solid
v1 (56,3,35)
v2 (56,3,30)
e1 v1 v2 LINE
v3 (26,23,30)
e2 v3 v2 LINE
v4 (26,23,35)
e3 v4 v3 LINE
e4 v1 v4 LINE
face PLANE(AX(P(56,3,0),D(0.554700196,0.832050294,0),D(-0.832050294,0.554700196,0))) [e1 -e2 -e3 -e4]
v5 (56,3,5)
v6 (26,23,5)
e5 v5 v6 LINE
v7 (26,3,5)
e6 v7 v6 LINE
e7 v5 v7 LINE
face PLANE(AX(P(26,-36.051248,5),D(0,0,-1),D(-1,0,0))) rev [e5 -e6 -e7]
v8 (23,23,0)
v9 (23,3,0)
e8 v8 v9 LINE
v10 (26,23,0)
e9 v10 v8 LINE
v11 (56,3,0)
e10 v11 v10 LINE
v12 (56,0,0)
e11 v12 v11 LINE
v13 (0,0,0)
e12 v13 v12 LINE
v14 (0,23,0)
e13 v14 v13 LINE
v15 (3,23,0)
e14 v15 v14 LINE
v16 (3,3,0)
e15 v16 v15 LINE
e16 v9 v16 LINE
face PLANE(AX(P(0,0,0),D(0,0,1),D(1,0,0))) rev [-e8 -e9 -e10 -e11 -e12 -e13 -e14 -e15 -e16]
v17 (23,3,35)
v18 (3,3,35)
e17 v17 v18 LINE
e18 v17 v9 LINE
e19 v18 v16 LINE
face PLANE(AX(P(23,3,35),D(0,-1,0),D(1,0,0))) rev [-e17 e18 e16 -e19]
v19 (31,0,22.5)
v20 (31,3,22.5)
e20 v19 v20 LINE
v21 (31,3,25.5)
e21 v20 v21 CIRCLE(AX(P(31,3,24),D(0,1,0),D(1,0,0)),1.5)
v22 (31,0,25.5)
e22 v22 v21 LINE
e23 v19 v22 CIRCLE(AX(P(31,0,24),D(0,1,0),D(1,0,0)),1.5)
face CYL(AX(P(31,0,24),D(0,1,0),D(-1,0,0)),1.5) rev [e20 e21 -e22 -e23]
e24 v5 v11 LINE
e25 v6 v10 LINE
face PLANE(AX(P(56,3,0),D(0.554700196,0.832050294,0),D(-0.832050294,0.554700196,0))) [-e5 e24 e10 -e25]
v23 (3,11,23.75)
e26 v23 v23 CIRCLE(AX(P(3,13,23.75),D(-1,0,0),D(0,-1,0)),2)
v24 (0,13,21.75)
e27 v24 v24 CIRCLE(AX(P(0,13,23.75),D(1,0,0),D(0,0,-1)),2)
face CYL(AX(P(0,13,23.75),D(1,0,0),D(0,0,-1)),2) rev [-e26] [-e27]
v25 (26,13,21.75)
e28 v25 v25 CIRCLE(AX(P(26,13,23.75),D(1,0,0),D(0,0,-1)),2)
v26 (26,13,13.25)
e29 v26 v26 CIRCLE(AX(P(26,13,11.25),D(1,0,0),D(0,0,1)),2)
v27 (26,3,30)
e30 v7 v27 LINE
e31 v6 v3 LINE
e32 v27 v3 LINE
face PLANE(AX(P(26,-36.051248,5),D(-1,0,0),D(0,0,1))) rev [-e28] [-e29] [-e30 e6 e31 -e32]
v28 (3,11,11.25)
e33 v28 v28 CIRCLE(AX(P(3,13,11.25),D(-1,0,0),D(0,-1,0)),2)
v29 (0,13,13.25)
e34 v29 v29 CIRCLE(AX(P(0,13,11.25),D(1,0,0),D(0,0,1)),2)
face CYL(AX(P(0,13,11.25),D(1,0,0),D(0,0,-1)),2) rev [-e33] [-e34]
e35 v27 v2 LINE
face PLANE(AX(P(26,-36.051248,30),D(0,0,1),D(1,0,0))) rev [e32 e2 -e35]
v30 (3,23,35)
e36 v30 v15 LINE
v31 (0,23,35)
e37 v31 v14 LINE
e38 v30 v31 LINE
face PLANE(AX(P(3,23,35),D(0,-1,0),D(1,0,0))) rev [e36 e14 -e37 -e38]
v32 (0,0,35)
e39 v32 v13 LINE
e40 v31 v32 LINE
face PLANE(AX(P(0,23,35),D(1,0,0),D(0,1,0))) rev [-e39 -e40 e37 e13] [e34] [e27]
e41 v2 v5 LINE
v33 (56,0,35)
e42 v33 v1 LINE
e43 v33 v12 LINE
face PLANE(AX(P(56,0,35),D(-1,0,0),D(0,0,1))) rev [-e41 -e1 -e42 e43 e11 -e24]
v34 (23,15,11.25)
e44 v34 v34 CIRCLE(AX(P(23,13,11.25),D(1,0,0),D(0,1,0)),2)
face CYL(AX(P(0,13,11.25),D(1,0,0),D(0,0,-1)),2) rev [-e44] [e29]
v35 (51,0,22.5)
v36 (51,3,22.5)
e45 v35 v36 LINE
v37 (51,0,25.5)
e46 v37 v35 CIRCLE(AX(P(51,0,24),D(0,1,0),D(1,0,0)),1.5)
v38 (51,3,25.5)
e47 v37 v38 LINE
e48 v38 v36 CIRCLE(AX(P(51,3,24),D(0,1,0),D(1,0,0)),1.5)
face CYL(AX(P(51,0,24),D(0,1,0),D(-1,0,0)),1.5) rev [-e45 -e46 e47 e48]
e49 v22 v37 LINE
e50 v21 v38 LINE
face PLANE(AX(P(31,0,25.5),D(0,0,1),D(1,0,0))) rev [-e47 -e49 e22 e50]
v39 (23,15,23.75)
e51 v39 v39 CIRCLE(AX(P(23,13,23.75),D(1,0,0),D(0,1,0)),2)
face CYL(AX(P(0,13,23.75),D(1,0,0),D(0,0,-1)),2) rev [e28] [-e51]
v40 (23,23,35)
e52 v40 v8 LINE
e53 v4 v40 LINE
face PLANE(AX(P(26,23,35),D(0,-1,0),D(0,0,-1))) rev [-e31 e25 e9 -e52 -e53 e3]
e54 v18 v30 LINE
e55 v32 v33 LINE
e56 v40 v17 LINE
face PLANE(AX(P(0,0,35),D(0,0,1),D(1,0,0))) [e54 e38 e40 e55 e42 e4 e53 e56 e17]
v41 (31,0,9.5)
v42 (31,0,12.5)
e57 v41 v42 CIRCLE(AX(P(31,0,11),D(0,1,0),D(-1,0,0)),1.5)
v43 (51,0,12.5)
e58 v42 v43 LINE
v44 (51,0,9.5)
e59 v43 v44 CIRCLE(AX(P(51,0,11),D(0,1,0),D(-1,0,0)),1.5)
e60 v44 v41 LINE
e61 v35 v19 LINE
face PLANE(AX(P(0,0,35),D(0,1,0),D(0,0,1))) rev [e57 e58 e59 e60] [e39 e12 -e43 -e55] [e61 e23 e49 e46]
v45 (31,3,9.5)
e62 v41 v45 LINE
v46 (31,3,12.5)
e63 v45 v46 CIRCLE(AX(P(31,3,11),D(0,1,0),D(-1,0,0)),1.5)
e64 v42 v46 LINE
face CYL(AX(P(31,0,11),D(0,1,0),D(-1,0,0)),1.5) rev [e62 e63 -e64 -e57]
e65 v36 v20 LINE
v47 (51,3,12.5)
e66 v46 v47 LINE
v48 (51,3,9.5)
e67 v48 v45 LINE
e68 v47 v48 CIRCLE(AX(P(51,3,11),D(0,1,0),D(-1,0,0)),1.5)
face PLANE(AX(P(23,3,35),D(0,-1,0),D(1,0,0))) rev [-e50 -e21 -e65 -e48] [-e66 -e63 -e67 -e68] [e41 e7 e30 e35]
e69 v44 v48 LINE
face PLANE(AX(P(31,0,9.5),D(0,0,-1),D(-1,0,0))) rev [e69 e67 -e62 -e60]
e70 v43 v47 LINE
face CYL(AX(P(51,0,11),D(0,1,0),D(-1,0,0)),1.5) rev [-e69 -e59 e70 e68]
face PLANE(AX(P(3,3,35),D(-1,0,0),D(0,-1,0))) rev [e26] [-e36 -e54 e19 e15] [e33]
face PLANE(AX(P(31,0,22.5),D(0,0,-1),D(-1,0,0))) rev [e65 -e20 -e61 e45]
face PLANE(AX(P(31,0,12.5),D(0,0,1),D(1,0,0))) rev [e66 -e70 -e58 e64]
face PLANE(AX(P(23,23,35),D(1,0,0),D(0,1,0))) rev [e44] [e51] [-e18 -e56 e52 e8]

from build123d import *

# Parameters (mm, degrees)
BOSS_EXTRUDE1_DEPTH     = 35
CUT_EXTRUDE2_DEPTH      = 21
CUT_EXTRUDE2_DEPTH_BACK = 4
BOSS_EXTRUDE2_DEPTH     = 35
SKETCH5_W               = 30
SKETCH5_H               = 25
CUT_EXTRUDE3_DEPTH      = 20
SKETCH6_R               = 2
CUT_EXTRUDE4_DEPTH      = 27


with BuildPart() as part:
    # Sketch1 → Boss-Extrude1 (new body)
    with BuildSketch(Plane.XY):
        Polygon((0, 23), (0, 0), (56, 0), (56, 3), (26, 3), (26, 23), (23, 23), (23, 3), (3, 3), (3, 23), align=None)
    extrude(amount=BOSS_EXTRUDE1_DEPTH)

    # Sketch3 → Cut-Extrude2 (cut, two sides)
    with BuildSketch(Plane(origin=(0, 3, 0), x_dir=(1, 0, 0), z_dir=(0, 1, 0))) as cut_extrude2_sk:
        with BuildLine():
            Line((31, -9.5), (51, -9.5))
            ThreePointArc((51, -9.5), (52.5, -11), (51, -12.5))
            Line((51, -12.5), (31, -12.5))
            ThreePointArc((31, -12.5), (29.5, -11), (31, -9.5))
        make_face()
        with BuildLine():
            Line((31, -25.5), (51, -25.5))
            ThreePointArc((51, -25.5), (52.5, -24), (51, -22.5))
            Line((51, -22.5), (31, -22.5))
            ThreePointArc((31, -22.5), (29.5, -24), (31, -25.5))
        make_face()
    extrude(amount=CUT_EXTRUDE2_DEPTH, mode=Mode.SUBTRACT)
    extrude(cut_extrude2_sk.sketch, amount=-CUT_EXTRUDE2_DEPTH_BACK, mode=Mode.SUBTRACT)

    # Sketch4 → Boss-Extrude2 (add, through all)
    with BuildSketch(Plane.XY.offset(35)):
        Polygon((26, 23), (26, 3), (56, 3), align=None)
    extrude(amount=-BOSS_EXTRUDE2_DEPTH)

    # Sketch5 → Cut-Extrude3 (cut)
    with BuildSketch(Plane(origin=(0, 23, 0), x_dir=(1, 0, 0), z_dir=(0, 1, 0))):
        with Locations((41, -17.5)):
            Rectangle(SKETCH5_W, SKETCH5_H)
    extrude(amount=-CUT_EXTRUDE3_DEPTH, mode=Mode.SUBTRACT)

    # Sketch6 → Cut-Extrude4 (cut, through all)
    with BuildSketch(Plane(origin=(26, 0, 0), x_dir=(0, 0, -1), z_dir=(1, 0, 0))):
        with Locations((-23.75, 13)):
            Circle(SKETCH6_R)
        with Locations((-11.25, 13)):
            Circle(SKETCH6_R)
    extrude(amount=-CUT_EXTRUDE4_DEPTH, mode=Mode.SUBTRACT)


solid = part.part
